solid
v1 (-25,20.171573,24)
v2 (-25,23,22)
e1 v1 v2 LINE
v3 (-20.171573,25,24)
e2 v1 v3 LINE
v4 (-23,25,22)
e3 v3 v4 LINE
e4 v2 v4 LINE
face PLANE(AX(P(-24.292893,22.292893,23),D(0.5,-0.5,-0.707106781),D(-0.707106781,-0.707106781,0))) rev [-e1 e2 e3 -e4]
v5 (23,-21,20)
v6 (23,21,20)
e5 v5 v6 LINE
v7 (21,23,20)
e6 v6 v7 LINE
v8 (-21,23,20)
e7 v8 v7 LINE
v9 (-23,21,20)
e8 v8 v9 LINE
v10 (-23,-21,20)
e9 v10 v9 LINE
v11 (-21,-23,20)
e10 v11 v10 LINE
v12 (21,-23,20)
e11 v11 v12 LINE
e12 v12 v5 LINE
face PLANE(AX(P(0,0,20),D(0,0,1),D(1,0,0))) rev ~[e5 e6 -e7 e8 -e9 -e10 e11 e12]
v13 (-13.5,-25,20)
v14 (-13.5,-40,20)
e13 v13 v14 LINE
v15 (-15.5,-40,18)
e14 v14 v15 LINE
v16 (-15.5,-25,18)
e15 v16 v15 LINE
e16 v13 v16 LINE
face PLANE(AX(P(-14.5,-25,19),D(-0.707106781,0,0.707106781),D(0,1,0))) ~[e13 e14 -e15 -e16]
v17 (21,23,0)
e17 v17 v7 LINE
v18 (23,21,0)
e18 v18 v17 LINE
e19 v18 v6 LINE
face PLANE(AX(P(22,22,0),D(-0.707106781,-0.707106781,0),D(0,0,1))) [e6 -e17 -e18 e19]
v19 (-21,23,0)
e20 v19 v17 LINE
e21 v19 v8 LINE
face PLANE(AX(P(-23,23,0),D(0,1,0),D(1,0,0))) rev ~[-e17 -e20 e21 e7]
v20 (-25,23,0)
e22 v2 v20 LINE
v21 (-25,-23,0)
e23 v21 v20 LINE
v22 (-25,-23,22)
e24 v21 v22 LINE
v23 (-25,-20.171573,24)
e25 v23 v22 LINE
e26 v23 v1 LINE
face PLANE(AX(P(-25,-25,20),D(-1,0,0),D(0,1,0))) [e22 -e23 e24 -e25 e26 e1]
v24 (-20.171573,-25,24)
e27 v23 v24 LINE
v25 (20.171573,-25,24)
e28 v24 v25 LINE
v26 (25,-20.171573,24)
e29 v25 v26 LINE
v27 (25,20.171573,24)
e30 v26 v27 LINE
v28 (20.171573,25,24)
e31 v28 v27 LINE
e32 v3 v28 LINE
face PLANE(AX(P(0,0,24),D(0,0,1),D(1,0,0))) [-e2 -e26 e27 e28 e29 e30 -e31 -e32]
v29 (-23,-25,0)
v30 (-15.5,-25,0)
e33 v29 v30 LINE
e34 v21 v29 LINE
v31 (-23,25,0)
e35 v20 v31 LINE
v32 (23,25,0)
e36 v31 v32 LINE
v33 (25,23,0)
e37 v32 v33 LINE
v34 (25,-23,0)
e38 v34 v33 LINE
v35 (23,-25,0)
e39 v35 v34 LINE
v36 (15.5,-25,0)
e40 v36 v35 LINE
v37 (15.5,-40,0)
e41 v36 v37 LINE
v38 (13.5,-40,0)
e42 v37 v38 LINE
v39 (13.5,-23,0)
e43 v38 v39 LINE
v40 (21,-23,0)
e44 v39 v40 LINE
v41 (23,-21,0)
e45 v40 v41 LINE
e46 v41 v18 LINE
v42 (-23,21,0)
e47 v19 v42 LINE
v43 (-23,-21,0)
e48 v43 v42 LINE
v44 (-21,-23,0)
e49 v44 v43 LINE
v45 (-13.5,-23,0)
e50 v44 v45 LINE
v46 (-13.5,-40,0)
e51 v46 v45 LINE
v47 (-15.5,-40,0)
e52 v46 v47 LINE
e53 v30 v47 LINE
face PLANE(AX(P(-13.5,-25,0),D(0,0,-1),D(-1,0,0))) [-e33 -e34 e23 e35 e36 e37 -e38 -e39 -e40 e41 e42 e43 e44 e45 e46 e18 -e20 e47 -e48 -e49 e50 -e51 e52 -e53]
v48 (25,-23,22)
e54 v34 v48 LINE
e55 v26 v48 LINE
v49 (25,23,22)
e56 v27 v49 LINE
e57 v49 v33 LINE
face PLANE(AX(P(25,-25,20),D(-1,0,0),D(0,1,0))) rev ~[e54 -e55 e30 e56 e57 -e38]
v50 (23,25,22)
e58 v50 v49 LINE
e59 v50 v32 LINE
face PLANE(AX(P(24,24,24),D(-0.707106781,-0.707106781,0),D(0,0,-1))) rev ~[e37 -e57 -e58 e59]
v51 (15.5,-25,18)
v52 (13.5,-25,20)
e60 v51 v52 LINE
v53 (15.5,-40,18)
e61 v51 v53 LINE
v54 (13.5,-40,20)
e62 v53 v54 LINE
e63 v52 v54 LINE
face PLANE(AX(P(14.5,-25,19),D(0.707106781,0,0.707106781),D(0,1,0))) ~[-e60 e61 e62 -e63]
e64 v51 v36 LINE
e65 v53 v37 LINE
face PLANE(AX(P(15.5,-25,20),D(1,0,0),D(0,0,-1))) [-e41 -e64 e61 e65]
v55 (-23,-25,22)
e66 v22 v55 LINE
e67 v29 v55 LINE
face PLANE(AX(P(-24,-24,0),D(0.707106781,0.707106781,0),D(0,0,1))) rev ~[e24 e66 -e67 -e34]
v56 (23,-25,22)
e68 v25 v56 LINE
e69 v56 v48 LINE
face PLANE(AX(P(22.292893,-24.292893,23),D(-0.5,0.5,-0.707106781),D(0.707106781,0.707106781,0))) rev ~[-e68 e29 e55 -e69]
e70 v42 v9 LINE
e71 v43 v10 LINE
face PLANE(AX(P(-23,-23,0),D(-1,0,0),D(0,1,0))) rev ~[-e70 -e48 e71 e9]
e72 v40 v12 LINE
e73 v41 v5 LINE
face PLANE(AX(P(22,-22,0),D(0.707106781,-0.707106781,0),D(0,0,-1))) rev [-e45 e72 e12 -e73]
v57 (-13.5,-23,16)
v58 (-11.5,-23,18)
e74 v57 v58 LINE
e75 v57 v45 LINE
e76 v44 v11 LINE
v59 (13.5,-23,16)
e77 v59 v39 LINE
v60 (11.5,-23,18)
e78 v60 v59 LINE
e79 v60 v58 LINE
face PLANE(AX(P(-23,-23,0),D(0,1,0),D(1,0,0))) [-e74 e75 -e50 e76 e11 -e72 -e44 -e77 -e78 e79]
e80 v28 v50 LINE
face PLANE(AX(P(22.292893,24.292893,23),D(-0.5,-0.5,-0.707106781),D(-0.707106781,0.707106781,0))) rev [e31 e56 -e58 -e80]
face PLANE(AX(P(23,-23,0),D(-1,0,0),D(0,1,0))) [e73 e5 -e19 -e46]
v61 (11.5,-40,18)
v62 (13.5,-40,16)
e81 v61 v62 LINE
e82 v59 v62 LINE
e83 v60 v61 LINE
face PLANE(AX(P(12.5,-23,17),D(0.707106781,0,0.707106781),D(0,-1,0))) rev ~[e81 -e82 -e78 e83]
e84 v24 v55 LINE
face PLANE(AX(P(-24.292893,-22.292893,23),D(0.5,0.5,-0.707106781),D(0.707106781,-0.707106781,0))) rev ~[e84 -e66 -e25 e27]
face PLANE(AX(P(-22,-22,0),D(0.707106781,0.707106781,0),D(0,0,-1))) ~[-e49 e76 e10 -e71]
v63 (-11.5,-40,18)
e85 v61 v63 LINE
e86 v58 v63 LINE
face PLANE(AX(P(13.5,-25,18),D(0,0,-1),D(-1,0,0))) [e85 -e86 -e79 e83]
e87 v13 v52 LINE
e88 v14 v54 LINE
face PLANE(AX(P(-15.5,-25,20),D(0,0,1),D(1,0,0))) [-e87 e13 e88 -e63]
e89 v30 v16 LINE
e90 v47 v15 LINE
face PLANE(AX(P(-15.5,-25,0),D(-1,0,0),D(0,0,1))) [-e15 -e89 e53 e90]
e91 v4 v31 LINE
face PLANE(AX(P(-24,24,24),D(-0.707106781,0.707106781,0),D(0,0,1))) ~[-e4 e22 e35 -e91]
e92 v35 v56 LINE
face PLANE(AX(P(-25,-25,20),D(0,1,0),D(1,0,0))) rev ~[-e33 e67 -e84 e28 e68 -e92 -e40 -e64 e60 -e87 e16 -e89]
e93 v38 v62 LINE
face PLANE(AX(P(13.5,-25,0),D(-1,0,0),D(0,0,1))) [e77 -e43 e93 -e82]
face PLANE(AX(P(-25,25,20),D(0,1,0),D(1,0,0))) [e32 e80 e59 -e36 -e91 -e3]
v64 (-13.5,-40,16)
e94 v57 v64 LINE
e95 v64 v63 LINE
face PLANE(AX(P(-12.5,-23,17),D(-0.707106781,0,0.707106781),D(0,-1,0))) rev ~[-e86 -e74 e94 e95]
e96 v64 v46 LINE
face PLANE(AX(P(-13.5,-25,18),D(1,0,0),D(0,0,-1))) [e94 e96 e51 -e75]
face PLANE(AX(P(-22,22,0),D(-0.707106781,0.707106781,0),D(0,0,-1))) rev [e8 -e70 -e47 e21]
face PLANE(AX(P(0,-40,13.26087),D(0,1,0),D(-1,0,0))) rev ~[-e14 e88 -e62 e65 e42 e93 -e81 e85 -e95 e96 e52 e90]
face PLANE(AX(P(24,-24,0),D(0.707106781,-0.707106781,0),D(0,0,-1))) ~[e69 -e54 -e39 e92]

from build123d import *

# Parameters (mm, degrees)
SKETCH_W        = 50
SKETCH_H        = 50
SKETCH_W_2      = 46
SKETCH_H_2      = 46
PAD_DEPTH       = 20
SKETCH001_W     = 50
SKETCH001_H     = 50
PAD001_DEPTH    = 4
SKETCH002_W     = 27
SKETCH002_H     = 18
POCKET_DEPTH    = 5
CHAMFER_SIZE    = 2
CHAMFER001_SIZE = 2
PAD002_DEPTH    = 15
CHAMFER002_SIZE = 2


with BuildPart() as part:
    # Sketch → Pad (new body)
    with BuildSketch(Plane.XY):
        Rectangle(SKETCH_W, SKETCH_H)
        Rectangle(SKETCH_W_2, SKETCH_H_2, mode=Mode.SUBTRACT)
    extrude(amount=PAD_DEPTH)

    # Sketch001 (on Face10 of Pad) → Pad001 (join)
    with BuildSketch(Plane.XY.offset(20)):
        Rectangle(SKETCH001_W, SKETCH001_H)
    extrude(amount=PAD001_DEPTH)

    # Sketch002 (on Face6 of Pad001) → Pocket (cut)
    with BuildSketch(Plane.XZ.offset(25)):
        with Locations((0, 9)):
            Rectangle(SKETCH002_W, SKETCH002_H)
    extrude(amount=-POCKET_DEPTH, mode=Mode.SUBTRACT)

    # Chamfer
    chamfer_edges = [part.edges().sort_by_distance(p)[0] for p in [
        (-25, -25, 22),
        (-25, -25, 10),
        (25, -25, 10),
        (25, -25, 22),
        (25, 25, 10),
        (25, 25, 22),
        (-25, 25, 10),
        (-25, 25, 22),
        (-23, 23, 10),
        (23, -23, 10),
        (23, 23, 10),
        (-23, -23, 10),
    ]]
    chamfer(chamfer_edges, length=CHAMFER_SIZE)

    # Chamfer001
    chamfer001_edges = [part.edges().sort_by_distance(p)[0] for p in [
        (24, -24, 24),
        (-24, -24, 24),
        (24, 24, 24),
        (-24, 24, 24),
    ]]
    chamfer(chamfer001_edges, length=CHAMFER001_SIZE)

    # Sketch003 (on Face19 of Chamfer001) → Pad002 (join)
    with BuildSketch(Plane.XZ.offset(25)):
        Polygon((-13.5, 18), (-13.5, 0), (-15.5, 0), (-15.5, 20), (15.5, 20), (15.5, 0), (13.5, 0), (13.5, 18), align=None)
    extrude(amount=PAD002_DEPTH)

    # Chamfer002
    chamfer002_edges = [part.edges().sort_by_distance(p)[0] for p in [
        (13.5, -32.5, 18),
        (-13.5, -32.5, 18),
        (15.5, -32.5, 20),
        (-15.5, -32.5, 20),
    ]]
    chamfer(chamfer002_edges, length=CHAMFER002_SIZE)


solid = part.part
